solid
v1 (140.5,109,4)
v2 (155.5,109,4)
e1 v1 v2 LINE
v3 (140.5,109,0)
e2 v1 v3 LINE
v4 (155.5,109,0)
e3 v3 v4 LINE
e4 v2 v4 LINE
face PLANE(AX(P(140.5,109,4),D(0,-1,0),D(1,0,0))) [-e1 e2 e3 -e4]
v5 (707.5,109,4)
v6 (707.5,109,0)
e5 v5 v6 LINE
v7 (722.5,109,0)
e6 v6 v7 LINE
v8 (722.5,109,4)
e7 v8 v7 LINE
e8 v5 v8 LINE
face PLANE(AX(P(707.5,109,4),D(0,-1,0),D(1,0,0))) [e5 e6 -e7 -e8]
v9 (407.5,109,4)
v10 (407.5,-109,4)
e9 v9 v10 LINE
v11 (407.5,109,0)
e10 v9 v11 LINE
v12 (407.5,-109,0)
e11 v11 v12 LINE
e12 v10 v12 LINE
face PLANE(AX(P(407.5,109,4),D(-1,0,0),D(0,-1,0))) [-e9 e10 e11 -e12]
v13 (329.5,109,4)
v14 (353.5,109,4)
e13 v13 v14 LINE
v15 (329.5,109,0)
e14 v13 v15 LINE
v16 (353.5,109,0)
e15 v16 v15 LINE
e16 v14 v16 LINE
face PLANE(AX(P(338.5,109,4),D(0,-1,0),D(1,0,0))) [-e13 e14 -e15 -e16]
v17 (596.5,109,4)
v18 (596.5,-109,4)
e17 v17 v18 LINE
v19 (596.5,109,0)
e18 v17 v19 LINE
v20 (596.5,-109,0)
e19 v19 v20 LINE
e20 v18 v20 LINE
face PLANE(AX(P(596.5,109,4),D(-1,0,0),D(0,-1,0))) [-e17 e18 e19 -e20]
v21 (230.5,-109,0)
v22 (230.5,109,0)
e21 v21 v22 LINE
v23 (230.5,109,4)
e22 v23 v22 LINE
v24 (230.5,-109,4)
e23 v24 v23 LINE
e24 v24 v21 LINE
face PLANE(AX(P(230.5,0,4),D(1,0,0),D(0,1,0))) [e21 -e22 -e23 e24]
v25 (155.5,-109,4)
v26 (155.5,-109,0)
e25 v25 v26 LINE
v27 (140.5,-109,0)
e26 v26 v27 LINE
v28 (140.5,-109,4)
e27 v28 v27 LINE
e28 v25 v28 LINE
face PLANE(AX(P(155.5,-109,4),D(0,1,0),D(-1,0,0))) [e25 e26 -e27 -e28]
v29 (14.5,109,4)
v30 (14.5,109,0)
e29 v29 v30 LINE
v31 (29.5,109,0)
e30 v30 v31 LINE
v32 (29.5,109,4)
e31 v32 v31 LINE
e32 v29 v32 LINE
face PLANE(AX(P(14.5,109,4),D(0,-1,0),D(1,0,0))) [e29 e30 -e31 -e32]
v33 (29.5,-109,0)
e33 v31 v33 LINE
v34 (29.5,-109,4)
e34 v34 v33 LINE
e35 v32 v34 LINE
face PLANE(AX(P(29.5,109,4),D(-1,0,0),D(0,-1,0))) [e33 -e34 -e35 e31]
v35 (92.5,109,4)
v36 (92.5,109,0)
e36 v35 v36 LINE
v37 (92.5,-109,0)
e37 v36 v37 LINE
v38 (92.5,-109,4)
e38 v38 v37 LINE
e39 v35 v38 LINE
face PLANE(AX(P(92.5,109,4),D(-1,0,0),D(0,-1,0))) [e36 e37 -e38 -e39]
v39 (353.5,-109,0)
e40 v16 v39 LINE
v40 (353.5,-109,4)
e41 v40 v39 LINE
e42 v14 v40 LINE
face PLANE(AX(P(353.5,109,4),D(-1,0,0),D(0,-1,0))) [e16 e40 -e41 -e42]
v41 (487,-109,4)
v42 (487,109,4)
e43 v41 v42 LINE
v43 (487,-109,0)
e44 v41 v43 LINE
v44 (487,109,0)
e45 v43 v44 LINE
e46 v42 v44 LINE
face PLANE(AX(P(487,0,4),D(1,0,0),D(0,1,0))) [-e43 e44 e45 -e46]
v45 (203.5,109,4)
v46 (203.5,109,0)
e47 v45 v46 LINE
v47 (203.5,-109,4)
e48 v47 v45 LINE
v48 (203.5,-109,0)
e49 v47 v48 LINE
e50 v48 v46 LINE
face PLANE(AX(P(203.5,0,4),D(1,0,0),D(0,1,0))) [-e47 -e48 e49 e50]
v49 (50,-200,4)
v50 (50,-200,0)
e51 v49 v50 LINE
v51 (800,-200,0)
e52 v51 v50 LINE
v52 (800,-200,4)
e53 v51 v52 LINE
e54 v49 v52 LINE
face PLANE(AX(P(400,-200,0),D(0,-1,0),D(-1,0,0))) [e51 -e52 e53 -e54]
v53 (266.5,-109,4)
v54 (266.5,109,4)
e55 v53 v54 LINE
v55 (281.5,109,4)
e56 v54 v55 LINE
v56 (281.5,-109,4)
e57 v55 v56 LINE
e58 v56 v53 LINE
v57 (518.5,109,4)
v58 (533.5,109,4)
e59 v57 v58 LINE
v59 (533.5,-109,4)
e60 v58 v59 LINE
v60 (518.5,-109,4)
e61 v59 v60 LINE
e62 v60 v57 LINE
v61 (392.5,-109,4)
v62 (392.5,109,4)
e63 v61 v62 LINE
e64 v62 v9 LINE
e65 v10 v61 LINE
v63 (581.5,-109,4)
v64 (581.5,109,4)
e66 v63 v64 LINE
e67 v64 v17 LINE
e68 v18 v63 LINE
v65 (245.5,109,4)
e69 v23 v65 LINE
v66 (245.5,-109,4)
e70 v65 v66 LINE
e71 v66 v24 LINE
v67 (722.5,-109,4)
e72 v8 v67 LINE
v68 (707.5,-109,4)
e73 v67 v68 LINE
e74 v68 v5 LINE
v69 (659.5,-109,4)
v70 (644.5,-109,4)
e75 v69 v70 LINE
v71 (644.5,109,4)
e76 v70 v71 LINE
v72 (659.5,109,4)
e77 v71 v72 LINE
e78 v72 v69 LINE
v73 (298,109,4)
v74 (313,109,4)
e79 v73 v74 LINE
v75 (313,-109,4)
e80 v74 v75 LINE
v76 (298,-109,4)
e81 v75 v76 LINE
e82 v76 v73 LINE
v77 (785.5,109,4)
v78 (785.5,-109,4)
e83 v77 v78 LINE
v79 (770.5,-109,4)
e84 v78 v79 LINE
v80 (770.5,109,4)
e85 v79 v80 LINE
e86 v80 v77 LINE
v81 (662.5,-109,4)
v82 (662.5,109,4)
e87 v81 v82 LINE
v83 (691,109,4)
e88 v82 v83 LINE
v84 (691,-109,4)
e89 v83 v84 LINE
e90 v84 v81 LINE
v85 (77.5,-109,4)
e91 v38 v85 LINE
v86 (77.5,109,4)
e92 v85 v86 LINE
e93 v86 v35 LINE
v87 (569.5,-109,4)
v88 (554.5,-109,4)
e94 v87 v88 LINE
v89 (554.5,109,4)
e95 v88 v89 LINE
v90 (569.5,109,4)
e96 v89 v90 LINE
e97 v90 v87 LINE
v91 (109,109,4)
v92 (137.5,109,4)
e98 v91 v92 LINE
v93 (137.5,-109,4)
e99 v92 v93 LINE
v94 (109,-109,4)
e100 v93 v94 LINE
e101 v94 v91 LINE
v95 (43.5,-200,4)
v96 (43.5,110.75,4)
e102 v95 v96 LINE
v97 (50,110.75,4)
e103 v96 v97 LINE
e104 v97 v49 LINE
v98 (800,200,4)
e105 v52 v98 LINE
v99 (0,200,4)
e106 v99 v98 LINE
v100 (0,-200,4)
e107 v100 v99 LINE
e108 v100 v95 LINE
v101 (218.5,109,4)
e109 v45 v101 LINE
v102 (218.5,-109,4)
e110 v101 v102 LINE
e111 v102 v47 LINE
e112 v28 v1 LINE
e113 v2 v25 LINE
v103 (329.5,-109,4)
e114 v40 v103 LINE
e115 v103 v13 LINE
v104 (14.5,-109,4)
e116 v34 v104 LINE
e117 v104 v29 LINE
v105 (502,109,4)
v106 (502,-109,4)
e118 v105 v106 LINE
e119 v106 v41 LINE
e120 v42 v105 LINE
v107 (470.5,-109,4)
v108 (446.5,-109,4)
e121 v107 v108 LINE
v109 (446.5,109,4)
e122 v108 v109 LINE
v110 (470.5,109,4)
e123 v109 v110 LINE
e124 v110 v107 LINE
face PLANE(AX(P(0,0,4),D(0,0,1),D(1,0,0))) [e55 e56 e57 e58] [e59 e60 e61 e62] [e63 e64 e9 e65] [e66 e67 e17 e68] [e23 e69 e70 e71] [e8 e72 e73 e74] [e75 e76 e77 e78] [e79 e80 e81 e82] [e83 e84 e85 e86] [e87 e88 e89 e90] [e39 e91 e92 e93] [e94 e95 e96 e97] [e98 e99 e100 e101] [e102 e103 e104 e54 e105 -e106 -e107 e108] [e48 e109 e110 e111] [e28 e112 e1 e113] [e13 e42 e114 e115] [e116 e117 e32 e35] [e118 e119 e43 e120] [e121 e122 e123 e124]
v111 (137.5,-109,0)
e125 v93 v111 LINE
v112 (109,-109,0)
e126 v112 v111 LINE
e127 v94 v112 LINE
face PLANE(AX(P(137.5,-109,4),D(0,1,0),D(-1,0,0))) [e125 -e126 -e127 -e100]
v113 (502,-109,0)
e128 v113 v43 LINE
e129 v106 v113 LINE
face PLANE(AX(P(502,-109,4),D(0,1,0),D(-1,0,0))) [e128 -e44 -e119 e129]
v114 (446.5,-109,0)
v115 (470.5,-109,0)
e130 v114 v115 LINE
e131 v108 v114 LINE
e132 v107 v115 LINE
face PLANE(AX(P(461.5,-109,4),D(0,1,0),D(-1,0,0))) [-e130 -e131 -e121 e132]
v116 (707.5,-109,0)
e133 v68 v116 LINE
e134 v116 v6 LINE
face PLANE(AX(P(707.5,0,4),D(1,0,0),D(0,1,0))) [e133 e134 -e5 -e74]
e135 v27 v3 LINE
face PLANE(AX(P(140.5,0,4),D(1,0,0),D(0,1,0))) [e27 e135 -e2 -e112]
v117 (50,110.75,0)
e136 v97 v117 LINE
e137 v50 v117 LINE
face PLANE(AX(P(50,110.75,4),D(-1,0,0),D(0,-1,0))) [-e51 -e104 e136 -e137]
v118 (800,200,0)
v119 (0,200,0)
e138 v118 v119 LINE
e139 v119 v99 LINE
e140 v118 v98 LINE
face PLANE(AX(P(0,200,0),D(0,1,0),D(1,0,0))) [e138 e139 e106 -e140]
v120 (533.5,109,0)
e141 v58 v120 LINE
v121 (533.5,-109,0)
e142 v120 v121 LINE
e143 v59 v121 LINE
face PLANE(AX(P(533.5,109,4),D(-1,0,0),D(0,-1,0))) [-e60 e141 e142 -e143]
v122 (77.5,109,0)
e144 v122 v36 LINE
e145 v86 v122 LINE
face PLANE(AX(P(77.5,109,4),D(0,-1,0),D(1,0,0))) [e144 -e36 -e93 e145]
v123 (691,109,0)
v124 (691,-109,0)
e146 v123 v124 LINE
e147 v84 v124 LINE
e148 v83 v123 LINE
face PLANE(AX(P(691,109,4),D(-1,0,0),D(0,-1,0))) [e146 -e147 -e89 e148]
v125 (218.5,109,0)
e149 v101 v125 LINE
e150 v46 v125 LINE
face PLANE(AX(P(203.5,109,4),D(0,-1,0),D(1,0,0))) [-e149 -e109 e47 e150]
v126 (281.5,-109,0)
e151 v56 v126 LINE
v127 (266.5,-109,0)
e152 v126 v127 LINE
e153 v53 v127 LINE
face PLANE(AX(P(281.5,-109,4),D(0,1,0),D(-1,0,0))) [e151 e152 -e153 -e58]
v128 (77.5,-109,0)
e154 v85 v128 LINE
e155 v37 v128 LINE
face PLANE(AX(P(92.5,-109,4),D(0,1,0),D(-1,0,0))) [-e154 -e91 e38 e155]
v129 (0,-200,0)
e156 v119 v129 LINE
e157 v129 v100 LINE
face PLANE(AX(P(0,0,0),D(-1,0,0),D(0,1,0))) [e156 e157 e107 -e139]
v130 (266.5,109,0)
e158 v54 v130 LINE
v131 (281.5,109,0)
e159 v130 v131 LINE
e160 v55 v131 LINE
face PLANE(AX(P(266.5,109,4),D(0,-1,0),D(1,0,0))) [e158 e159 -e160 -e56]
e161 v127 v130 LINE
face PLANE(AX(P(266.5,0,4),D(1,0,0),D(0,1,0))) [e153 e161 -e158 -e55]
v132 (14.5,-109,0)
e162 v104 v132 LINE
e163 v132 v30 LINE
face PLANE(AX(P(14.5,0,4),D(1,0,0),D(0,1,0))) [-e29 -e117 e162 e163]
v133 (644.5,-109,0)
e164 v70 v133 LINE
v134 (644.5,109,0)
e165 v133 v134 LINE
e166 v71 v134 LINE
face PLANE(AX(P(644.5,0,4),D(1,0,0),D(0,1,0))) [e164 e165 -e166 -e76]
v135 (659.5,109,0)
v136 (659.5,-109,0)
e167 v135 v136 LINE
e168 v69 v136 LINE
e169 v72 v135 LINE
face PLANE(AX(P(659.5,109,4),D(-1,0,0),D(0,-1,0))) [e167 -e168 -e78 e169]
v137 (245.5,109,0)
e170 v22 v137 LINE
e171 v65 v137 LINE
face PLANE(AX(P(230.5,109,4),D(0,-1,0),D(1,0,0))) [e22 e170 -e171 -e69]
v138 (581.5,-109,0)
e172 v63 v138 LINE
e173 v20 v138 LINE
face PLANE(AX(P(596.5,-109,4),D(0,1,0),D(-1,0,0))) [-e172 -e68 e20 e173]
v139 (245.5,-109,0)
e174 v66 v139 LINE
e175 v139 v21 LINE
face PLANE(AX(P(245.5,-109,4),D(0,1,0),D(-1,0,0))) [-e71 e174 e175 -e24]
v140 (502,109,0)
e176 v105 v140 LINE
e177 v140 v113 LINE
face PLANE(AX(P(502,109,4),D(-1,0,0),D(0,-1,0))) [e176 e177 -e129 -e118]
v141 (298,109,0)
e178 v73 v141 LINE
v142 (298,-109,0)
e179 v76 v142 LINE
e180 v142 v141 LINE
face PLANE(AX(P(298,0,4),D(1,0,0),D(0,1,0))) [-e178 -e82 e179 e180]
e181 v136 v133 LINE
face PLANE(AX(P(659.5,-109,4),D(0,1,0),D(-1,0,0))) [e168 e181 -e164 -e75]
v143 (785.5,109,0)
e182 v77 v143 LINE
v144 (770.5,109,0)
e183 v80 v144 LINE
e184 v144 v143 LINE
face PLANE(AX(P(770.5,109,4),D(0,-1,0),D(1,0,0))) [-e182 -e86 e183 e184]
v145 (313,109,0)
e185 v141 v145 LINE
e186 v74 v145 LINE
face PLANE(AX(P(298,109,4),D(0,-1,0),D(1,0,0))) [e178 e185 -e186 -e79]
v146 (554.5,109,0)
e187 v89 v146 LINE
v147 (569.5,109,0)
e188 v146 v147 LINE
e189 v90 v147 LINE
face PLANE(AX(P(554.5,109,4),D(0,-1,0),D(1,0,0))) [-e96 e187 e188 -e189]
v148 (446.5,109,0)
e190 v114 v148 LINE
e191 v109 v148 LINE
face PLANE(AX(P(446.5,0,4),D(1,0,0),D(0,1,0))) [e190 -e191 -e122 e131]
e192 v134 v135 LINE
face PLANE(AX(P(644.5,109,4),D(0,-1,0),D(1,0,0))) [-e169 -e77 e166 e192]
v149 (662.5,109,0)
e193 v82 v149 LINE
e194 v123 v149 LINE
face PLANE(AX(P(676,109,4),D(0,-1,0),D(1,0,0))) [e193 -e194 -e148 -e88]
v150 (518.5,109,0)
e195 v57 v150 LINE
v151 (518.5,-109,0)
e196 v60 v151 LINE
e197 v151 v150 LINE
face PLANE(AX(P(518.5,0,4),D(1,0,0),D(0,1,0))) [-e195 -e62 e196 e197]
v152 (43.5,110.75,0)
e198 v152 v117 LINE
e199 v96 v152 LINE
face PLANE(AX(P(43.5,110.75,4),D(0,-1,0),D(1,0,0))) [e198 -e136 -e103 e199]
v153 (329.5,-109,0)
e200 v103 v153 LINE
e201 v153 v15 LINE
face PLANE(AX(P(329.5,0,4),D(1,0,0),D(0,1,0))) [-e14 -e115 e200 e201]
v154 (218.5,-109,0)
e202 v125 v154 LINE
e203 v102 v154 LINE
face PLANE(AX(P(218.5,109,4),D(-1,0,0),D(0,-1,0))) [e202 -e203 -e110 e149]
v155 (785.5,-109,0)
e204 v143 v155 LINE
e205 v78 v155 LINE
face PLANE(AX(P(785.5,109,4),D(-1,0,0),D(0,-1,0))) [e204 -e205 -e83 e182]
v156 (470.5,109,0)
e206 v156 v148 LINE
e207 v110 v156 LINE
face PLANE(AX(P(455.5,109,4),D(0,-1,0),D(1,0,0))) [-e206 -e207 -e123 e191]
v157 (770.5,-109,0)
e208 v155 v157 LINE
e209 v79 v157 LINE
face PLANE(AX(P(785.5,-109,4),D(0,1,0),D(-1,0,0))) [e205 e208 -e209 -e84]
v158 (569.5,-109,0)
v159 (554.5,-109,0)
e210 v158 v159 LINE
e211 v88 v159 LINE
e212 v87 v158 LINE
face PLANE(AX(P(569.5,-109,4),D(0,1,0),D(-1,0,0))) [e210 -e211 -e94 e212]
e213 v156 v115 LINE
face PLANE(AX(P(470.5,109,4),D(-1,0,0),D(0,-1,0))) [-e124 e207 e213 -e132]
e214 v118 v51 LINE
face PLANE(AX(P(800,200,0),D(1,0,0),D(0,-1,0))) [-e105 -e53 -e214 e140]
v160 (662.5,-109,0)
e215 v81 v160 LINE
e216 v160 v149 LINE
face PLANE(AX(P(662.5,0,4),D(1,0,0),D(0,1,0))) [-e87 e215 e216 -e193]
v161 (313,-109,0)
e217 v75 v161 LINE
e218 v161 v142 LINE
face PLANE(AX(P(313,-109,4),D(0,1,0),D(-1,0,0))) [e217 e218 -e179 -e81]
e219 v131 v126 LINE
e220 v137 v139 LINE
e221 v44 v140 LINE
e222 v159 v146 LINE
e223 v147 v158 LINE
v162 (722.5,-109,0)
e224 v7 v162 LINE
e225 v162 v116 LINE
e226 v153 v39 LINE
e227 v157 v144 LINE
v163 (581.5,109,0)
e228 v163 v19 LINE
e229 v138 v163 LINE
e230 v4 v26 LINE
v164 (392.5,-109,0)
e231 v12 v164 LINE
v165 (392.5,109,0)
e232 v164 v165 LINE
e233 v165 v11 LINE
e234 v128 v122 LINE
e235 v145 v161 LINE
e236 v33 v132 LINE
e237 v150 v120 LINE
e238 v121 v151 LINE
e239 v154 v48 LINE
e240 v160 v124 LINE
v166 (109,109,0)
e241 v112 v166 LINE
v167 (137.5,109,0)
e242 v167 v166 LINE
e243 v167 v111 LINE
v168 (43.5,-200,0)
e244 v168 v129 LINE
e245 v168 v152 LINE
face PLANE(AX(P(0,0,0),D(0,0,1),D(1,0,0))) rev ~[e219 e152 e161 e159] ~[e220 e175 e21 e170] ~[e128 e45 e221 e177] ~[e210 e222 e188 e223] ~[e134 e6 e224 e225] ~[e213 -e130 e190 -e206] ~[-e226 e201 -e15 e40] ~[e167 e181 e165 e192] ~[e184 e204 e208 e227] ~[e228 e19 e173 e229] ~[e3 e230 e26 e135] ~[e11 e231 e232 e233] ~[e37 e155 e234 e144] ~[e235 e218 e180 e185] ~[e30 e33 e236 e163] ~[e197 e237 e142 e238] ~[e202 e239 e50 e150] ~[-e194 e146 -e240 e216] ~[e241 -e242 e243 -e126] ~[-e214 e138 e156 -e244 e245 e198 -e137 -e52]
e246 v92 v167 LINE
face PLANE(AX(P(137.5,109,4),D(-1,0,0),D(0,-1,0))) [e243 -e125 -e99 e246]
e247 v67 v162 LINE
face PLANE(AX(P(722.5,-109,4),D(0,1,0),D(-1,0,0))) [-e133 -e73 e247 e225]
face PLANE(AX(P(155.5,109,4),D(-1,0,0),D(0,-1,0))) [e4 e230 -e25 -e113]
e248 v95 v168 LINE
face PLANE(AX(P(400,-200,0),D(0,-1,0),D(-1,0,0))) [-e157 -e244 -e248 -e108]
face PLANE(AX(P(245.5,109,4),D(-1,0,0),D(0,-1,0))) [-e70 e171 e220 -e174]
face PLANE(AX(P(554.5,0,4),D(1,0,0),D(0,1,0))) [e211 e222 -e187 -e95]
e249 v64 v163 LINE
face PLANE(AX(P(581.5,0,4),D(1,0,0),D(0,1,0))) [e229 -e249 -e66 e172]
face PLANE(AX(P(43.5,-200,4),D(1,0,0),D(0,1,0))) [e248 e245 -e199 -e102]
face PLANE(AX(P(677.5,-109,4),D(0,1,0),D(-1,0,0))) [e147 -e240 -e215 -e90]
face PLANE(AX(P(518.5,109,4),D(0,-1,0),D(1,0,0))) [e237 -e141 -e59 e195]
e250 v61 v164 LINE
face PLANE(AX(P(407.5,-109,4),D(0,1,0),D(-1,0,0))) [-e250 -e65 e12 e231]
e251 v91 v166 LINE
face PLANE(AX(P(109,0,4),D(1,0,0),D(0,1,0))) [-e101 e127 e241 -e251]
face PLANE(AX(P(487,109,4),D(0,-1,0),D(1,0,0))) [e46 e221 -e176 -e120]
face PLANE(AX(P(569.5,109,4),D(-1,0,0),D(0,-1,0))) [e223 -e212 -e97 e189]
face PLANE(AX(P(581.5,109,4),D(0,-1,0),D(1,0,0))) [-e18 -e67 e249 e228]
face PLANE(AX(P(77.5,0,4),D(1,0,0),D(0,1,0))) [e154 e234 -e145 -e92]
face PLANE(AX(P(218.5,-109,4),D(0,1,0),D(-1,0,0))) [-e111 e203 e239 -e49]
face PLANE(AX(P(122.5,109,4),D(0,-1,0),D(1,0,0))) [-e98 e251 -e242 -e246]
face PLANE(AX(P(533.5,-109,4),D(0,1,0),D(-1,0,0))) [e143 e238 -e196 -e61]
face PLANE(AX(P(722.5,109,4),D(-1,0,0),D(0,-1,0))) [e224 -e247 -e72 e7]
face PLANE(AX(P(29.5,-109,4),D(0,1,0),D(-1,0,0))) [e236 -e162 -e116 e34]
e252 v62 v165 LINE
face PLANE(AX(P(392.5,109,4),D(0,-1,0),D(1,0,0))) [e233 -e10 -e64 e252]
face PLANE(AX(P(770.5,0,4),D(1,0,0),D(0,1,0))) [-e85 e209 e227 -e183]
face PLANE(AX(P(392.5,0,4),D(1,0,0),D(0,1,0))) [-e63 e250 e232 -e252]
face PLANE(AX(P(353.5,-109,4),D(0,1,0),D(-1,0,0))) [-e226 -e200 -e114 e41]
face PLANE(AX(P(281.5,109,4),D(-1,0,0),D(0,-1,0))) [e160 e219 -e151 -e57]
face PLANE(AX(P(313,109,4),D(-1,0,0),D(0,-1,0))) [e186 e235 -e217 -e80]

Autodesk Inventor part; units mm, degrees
ref_plane "YZ Plane" through (0, 0, 0) normal (1, 0, 0) x (0, 1, 0)
ref_plane "XZ Plane" through (0, 0, 0) normal (0, 1, 0) x (-1, 0, 0)
sketch "ferrite_layer_outline_sketch" plane through (0, 0, 0) normal (0, 0, 1) x (1, 0, 0)
  line L0 (0, 200) -> (800, 200)
  line L1 (800, 200) -> (800, -200)
  line L2 (800, -200) -> (0, -200)
  line L3 (0, -200) -> (0, 200)
  line L4 (-160, 0) -> (960, 0) projected
  line L5 (400, 200) -> (400, -200) construction
  line L6 (400, 366.8869) -> (400, -324.3455) construction
  line L7 (400, 200) -> (400, -200)
  point P0 (0, 0)
  point P1 (0, 0)
  point P2 (0, 0)
  point P3 (0, 0)
  point P4 (20, 0)
  dimension "d0" = 800
  dimension "d1" = 400
extrude "Sheet Extrude" add sketch "ferrite_layer_outline_sketch" along normal blind 4
ref_plane "acrylic_sheet_plane" through (0, 0, 4) normal (0, 0, 1) x (1, 0, 0)
sketch "Sketch4" plane through (0, 0, 4) normal (0, 0, 1) x (1, 0, 0)
  line L0 (14.5, 109) -> (29.5, 109)
  line L1 (29.5, 109) -> (29.5, -109)
  line L2 (29.5, -109) -> (14.5, -109)
  line L3 (14.5, -109) -> (14.5, 109)
  line L4 (-12.6534, 0) -> (47.471, 0)
  line L5 (0, 200) -> (0, -200) projected
  line L6 (800, 200) -> (0, 200) projected
  line L7 (0, -200) -> (800, -200) projected
  point P0 (0, 0)
  point P1 (14.5, 0)
  point P2 (0, 0)
  dimension "d43" = 15
  dimension "d44" = 218
  dimension "d45" = 14.5
extrude "Extrusion9" cut sketch "Sketch4" against normal through all
pattern_linear "Rectangular Pattern 7 fer" count 7 spacing 126 along (1, 0, 0) of "Extrusion9"
pattern_linear "Rectangular Pattern 8 fer" count 8 spacing 108 along (1, 0, 0) of "Extrusion9"
pattern_linear "pattern_test_#_of_ferrites 9 fer" count 9 spacing 94.5 along (1, 0, 0) of "Extrusion9"
pattern_linear "Rectangular Pattern 10 fer" [suppressed]
pattern_linear "Rectangular Pattern 13" count 13 spacing 63 along (1, 0, 0) of "Extrusion9"
sketch "Sketch5" plane through (0, 0, 4) normal (0, 0, 1) x (1, 0, 0)
  line L0 (0, 200) -> (0, -200) projected
  line L1 (0, 150) -> (800, 150)
  line L2 (800, -200) -> (800, 200) projected
  line L3 (800, 200) -> (0, 200) projected
  line L4 (0, -200) -> (800, -200) projected
  line L5 (0, -150) -> (800, -150)
  point P0 (0, 0)
  dimension "d66" = 50
  dimension "d68" = 50
sketch "Sketch11" plane through (0, 0, 4) normal (0, 0, 1) x (1, 0, 0)
  circle A0 centre (47, 7.75) radius 3
  line L0 (800, 200) -> (0, 200) projected
  line L1 (0, 200) -> (0, -200) projected
  circle A1 centre (47, -72) radius 3
  line L2 (0, -200) -> (800, -200) projected
  point P0 (0, 0)
  dimension "d85" = 6
  dimension "d86" = 192.25
  dimension "d87" = 47
  dimension "d88" = 6
  dimension "d89" = 128
  dimension "d90" = 47
extrude "Extrusion15" cut sketch "Sketch11" against normal through all
sketch "Sketch12" plane through (0, 0, 4) normal (0, 0, 1) x (1, 0, 0)
  line L0 (0, -200) -> (800, -200) projected
  line L1 (43.5, 110.75) -> (50, 110.75)
  line L2 (50, 110.75) -> (50, -200)
  line L3 (50, -200) -> (43.5, -200)
  line L4 (43.5, -200) -> (43.5, 110.75)
  line L5 (0, 200) -> (0, -200) projected
  point P0 (0, 0)
  dimension "d97" = 310.75
  dimension "d98" = 6.5
  dimension "d99" = 43.5
extrude "Extrusion17" cut sketch "Sketch12" against normal through all
equation "\"d0\" = track_length"
equation "\"d1\" = track_width"
equation "\"d43\" = ferrite_width"
equation "\"d44\" = ferrite_length"
equation "\"d45\" = gap_distance"
equation "\"d50\" = parameter_5"
equation "\"d62\" = test_parameter_5"
equation "\"track_length\" = 800"
equation "\"track_width\" = 400"
equation "\"gap_distance\" = 14.5"
equation "\"ferrite_length\" = 218"
equation "\"ferrite_width\" = 15"
equation "\"ferrite_height\" = 8"
equation "\"acrylic_sheet_8mm\" = 8"
equation "\"parameter_5\" = 126"
equation "\"test_parameter_5\" = 94.5"
properties part number "ferrite_layer_dex_1R1"
